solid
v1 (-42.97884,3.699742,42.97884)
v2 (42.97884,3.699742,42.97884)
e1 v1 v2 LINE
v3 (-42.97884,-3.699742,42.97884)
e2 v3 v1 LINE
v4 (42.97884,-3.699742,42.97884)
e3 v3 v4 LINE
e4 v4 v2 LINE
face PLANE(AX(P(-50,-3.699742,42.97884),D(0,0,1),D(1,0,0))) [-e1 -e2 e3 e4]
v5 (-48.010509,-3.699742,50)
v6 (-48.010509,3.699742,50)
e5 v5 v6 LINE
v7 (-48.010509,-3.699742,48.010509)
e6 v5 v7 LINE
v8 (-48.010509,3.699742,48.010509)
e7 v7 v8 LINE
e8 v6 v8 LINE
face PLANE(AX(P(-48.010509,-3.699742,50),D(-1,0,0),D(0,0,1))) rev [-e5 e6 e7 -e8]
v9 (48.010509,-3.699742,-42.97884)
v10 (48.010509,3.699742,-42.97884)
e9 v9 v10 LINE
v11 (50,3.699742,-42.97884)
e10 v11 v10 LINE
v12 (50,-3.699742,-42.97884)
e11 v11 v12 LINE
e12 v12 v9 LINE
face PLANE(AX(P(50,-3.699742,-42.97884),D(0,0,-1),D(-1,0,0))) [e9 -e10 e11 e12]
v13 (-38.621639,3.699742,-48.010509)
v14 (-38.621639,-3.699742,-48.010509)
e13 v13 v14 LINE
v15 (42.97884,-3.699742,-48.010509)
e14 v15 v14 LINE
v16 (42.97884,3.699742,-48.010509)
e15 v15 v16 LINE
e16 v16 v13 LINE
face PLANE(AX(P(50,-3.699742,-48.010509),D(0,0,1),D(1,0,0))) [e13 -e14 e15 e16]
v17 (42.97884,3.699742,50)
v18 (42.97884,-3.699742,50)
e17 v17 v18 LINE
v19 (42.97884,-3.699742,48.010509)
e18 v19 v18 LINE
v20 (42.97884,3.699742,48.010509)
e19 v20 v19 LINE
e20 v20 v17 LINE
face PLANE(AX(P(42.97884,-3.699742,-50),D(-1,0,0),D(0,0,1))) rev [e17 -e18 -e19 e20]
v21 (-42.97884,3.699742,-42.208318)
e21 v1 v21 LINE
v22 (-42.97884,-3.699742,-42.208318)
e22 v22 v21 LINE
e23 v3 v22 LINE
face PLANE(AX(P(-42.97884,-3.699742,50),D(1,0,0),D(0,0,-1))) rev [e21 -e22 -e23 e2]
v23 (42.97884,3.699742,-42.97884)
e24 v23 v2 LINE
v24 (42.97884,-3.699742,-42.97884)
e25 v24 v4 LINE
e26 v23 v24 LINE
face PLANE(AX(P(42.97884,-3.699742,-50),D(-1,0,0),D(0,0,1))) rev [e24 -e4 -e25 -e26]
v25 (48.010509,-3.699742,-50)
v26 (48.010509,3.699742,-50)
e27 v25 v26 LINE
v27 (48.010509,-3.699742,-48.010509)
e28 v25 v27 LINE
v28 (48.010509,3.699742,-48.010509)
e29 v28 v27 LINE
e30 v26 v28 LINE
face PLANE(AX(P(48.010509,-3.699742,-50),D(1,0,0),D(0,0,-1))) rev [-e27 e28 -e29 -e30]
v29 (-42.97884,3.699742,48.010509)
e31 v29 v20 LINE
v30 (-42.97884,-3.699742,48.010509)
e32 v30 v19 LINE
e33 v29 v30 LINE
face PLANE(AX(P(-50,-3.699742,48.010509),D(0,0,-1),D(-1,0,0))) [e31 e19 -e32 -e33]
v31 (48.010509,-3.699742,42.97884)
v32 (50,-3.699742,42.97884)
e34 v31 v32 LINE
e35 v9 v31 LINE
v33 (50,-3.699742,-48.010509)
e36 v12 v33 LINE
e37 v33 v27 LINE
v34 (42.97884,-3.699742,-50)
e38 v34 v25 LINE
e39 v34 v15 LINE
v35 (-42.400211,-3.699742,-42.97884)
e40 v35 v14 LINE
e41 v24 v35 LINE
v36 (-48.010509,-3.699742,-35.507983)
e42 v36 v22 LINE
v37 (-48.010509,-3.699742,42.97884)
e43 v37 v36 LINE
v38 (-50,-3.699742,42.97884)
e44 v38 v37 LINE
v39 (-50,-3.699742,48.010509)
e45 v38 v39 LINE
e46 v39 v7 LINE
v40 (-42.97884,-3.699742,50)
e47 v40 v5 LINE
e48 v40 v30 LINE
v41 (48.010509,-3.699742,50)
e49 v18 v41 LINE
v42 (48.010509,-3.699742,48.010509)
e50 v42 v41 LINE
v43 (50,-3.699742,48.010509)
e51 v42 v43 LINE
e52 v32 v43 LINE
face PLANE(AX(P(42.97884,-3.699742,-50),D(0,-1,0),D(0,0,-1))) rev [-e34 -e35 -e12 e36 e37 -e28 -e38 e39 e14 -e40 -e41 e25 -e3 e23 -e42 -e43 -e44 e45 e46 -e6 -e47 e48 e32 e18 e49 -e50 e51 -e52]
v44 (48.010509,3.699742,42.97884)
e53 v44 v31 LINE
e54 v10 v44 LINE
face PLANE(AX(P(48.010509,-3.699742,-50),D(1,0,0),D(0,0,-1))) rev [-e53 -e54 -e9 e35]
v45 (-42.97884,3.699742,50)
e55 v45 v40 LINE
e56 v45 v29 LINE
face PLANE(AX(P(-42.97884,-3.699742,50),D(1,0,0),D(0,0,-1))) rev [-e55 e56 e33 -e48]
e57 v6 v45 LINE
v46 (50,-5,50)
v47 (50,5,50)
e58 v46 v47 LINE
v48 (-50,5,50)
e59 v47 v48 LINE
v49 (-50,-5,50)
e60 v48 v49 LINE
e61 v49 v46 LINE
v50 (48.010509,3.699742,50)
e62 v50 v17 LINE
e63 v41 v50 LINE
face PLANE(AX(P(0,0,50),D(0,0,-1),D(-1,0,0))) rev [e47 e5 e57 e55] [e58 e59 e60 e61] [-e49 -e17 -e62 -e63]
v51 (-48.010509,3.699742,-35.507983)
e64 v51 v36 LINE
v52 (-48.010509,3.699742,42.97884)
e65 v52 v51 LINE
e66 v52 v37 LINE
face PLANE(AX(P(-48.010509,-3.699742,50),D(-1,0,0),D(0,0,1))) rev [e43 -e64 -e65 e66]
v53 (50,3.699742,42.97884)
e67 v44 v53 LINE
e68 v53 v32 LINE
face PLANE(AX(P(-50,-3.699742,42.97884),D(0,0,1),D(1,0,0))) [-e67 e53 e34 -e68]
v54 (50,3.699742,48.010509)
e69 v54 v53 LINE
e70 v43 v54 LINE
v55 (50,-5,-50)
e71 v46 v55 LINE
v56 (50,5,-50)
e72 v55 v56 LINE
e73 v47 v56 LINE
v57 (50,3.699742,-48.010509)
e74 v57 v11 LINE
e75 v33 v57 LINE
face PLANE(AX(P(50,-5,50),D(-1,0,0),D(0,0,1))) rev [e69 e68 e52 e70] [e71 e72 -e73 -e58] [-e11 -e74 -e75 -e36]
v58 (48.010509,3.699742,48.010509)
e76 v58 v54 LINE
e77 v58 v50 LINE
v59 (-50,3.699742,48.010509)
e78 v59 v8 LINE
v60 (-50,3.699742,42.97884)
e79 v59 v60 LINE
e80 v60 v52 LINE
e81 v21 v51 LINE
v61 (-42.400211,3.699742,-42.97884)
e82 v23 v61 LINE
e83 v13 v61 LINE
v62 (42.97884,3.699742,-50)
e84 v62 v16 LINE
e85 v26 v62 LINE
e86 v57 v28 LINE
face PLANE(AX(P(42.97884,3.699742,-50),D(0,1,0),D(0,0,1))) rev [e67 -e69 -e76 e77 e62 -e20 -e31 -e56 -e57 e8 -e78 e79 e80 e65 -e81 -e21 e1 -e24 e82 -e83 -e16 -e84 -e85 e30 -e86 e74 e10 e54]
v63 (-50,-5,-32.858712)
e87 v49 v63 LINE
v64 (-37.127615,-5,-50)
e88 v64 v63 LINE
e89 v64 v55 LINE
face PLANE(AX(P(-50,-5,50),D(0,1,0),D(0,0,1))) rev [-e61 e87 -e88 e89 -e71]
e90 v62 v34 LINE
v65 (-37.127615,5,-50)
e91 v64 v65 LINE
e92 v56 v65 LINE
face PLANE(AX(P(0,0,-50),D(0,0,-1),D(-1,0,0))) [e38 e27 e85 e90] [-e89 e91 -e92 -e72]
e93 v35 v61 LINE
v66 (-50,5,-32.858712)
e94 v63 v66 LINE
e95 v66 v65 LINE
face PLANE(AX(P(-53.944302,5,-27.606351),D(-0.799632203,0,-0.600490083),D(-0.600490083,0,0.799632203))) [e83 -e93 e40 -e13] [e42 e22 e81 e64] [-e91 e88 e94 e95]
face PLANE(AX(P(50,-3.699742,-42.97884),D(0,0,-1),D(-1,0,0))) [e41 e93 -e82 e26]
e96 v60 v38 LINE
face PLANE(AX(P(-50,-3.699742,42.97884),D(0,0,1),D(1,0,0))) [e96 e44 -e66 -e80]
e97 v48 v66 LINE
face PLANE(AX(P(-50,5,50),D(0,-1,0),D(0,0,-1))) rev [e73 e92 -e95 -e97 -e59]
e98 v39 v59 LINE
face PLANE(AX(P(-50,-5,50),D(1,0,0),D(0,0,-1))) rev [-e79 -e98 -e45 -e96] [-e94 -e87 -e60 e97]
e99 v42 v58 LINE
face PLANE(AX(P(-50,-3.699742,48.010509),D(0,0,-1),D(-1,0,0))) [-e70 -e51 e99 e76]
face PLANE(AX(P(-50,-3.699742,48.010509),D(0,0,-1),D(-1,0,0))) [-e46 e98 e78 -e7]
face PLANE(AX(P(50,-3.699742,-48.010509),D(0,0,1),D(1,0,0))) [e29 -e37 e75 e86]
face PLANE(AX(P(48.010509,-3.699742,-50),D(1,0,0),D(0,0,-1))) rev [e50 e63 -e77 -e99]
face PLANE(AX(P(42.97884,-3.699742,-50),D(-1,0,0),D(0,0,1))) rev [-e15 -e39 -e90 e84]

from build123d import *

# Parameters (mm, degrees)
SKETCH1_W               = 100
SKETCH1_H               = 10
BOSS_EXTRUDE1_DEPTH     = 50
SKETCH2_W               = 5.031669049
SKETCH2_H               = 7.399484506
CUT_EXTRUDE1_DEPTH      = 112.915146428
MIRROR2_COPY_1_SKETCH_W = 5.031669049
MIRROR2_COPY_1_SKETCH_H = 7.399484506
MIRROR2_COPY_1_DEPTH    = 112.915146428
MIRROR2_COPY_2_SKETCH_W = 5.031669049
MIRROR2_COPY_2_SKETCH_H = 7.399484506
MIRROR2_COPY_2_DEPTH    = 112.915146428
CUT_EXTRUDE2_DEPTH      = 72.414284285


with BuildPart() as part:
    # Sketch1 → Boss-Extrude1 (new, symmetric)
    with BuildSketch(Plane.XY):
        Rectangle(SKETCH1_W, SKETCH1_H)
    extrude(amount=BOSS_EXTRUDE1_DEPTH, both=True)

    # Sketch2 → Cut-Extrude1 (cut, through all)
    with BuildSketch(Plane.XY.offset(50)):
        with Locations((45.494674326, 0)):
            Rectangle(SKETCH2_W, SKETCH2_H)
    cut_extrude1 = extrude(amount=-CUT_EXTRUDE1_DEPTH, mode=Mode.SUBTRACT)

    # Mirror1: Cut-Extrude1 across plane
    add(cut_extrude1.mirror(Plane(origin=(0, 0, 0), x_dir=(0.7071067811865476, 0, 0.7071067811865476), z_dir=(-0.7071067811865477, 0, 0.7071067811865475))), mode=Mode.SUBTRACT)

    # Mirror2 copy 1 sketch → Mirror2 copy 1 (cut, through all)
    with BuildSketch(Plane(origin=(0, 0, -50), x_dir=(-1, 0, 0), z_dir=(0, 0, -1))):
        with Locations((45.494674326, 0)):
            Rectangle(MIRROR2_COPY_1_SKETCH_W, MIRROR2_COPY_1_SKETCH_H)
    extrude(amount=-MIRROR2_COPY_1_DEPTH, mode=Mode.SUBTRACT)

    # Mirror2 copy 2 sketch → Mirror2 copy 2 (cut, through all)
    with BuildSketch(Plane(origin=(-50, 0, 0), x_dir=(0, 0, -1), z_dir=(-1, 0, 0))):
        with Locations((45.494674326, 0)):
            Rectangle(MIRROR2_COPY_2_SKETCH_W, MIRROR2_COPY_2_SKETCH_H)
    extrude(amount=-MIRROR2_COPY_2_DEPTH, mode=Mode.SUBTRACT)

    # Sketch3 → Cut-Extrude2 (cut, through all)
    with BuildSketch(Plane(origin=(0, 5, 0), x_dir=(1, 0, 0), z_dir=(0, 1, 0))):
        Polygon((-226.207235665, -201.784596614), (-53.944301898, 27.606350902), (-24.696492293, 66.553689202), (147.566441474, 295.944636718), (-311.215453559, 640.470504252), (-684.989130698, 142.74127092), align=None)
    extrude(amount=-CUT_EXTRUDE2_DEPTH, mode=Mode.SUBTRACT)


solid = part.part
